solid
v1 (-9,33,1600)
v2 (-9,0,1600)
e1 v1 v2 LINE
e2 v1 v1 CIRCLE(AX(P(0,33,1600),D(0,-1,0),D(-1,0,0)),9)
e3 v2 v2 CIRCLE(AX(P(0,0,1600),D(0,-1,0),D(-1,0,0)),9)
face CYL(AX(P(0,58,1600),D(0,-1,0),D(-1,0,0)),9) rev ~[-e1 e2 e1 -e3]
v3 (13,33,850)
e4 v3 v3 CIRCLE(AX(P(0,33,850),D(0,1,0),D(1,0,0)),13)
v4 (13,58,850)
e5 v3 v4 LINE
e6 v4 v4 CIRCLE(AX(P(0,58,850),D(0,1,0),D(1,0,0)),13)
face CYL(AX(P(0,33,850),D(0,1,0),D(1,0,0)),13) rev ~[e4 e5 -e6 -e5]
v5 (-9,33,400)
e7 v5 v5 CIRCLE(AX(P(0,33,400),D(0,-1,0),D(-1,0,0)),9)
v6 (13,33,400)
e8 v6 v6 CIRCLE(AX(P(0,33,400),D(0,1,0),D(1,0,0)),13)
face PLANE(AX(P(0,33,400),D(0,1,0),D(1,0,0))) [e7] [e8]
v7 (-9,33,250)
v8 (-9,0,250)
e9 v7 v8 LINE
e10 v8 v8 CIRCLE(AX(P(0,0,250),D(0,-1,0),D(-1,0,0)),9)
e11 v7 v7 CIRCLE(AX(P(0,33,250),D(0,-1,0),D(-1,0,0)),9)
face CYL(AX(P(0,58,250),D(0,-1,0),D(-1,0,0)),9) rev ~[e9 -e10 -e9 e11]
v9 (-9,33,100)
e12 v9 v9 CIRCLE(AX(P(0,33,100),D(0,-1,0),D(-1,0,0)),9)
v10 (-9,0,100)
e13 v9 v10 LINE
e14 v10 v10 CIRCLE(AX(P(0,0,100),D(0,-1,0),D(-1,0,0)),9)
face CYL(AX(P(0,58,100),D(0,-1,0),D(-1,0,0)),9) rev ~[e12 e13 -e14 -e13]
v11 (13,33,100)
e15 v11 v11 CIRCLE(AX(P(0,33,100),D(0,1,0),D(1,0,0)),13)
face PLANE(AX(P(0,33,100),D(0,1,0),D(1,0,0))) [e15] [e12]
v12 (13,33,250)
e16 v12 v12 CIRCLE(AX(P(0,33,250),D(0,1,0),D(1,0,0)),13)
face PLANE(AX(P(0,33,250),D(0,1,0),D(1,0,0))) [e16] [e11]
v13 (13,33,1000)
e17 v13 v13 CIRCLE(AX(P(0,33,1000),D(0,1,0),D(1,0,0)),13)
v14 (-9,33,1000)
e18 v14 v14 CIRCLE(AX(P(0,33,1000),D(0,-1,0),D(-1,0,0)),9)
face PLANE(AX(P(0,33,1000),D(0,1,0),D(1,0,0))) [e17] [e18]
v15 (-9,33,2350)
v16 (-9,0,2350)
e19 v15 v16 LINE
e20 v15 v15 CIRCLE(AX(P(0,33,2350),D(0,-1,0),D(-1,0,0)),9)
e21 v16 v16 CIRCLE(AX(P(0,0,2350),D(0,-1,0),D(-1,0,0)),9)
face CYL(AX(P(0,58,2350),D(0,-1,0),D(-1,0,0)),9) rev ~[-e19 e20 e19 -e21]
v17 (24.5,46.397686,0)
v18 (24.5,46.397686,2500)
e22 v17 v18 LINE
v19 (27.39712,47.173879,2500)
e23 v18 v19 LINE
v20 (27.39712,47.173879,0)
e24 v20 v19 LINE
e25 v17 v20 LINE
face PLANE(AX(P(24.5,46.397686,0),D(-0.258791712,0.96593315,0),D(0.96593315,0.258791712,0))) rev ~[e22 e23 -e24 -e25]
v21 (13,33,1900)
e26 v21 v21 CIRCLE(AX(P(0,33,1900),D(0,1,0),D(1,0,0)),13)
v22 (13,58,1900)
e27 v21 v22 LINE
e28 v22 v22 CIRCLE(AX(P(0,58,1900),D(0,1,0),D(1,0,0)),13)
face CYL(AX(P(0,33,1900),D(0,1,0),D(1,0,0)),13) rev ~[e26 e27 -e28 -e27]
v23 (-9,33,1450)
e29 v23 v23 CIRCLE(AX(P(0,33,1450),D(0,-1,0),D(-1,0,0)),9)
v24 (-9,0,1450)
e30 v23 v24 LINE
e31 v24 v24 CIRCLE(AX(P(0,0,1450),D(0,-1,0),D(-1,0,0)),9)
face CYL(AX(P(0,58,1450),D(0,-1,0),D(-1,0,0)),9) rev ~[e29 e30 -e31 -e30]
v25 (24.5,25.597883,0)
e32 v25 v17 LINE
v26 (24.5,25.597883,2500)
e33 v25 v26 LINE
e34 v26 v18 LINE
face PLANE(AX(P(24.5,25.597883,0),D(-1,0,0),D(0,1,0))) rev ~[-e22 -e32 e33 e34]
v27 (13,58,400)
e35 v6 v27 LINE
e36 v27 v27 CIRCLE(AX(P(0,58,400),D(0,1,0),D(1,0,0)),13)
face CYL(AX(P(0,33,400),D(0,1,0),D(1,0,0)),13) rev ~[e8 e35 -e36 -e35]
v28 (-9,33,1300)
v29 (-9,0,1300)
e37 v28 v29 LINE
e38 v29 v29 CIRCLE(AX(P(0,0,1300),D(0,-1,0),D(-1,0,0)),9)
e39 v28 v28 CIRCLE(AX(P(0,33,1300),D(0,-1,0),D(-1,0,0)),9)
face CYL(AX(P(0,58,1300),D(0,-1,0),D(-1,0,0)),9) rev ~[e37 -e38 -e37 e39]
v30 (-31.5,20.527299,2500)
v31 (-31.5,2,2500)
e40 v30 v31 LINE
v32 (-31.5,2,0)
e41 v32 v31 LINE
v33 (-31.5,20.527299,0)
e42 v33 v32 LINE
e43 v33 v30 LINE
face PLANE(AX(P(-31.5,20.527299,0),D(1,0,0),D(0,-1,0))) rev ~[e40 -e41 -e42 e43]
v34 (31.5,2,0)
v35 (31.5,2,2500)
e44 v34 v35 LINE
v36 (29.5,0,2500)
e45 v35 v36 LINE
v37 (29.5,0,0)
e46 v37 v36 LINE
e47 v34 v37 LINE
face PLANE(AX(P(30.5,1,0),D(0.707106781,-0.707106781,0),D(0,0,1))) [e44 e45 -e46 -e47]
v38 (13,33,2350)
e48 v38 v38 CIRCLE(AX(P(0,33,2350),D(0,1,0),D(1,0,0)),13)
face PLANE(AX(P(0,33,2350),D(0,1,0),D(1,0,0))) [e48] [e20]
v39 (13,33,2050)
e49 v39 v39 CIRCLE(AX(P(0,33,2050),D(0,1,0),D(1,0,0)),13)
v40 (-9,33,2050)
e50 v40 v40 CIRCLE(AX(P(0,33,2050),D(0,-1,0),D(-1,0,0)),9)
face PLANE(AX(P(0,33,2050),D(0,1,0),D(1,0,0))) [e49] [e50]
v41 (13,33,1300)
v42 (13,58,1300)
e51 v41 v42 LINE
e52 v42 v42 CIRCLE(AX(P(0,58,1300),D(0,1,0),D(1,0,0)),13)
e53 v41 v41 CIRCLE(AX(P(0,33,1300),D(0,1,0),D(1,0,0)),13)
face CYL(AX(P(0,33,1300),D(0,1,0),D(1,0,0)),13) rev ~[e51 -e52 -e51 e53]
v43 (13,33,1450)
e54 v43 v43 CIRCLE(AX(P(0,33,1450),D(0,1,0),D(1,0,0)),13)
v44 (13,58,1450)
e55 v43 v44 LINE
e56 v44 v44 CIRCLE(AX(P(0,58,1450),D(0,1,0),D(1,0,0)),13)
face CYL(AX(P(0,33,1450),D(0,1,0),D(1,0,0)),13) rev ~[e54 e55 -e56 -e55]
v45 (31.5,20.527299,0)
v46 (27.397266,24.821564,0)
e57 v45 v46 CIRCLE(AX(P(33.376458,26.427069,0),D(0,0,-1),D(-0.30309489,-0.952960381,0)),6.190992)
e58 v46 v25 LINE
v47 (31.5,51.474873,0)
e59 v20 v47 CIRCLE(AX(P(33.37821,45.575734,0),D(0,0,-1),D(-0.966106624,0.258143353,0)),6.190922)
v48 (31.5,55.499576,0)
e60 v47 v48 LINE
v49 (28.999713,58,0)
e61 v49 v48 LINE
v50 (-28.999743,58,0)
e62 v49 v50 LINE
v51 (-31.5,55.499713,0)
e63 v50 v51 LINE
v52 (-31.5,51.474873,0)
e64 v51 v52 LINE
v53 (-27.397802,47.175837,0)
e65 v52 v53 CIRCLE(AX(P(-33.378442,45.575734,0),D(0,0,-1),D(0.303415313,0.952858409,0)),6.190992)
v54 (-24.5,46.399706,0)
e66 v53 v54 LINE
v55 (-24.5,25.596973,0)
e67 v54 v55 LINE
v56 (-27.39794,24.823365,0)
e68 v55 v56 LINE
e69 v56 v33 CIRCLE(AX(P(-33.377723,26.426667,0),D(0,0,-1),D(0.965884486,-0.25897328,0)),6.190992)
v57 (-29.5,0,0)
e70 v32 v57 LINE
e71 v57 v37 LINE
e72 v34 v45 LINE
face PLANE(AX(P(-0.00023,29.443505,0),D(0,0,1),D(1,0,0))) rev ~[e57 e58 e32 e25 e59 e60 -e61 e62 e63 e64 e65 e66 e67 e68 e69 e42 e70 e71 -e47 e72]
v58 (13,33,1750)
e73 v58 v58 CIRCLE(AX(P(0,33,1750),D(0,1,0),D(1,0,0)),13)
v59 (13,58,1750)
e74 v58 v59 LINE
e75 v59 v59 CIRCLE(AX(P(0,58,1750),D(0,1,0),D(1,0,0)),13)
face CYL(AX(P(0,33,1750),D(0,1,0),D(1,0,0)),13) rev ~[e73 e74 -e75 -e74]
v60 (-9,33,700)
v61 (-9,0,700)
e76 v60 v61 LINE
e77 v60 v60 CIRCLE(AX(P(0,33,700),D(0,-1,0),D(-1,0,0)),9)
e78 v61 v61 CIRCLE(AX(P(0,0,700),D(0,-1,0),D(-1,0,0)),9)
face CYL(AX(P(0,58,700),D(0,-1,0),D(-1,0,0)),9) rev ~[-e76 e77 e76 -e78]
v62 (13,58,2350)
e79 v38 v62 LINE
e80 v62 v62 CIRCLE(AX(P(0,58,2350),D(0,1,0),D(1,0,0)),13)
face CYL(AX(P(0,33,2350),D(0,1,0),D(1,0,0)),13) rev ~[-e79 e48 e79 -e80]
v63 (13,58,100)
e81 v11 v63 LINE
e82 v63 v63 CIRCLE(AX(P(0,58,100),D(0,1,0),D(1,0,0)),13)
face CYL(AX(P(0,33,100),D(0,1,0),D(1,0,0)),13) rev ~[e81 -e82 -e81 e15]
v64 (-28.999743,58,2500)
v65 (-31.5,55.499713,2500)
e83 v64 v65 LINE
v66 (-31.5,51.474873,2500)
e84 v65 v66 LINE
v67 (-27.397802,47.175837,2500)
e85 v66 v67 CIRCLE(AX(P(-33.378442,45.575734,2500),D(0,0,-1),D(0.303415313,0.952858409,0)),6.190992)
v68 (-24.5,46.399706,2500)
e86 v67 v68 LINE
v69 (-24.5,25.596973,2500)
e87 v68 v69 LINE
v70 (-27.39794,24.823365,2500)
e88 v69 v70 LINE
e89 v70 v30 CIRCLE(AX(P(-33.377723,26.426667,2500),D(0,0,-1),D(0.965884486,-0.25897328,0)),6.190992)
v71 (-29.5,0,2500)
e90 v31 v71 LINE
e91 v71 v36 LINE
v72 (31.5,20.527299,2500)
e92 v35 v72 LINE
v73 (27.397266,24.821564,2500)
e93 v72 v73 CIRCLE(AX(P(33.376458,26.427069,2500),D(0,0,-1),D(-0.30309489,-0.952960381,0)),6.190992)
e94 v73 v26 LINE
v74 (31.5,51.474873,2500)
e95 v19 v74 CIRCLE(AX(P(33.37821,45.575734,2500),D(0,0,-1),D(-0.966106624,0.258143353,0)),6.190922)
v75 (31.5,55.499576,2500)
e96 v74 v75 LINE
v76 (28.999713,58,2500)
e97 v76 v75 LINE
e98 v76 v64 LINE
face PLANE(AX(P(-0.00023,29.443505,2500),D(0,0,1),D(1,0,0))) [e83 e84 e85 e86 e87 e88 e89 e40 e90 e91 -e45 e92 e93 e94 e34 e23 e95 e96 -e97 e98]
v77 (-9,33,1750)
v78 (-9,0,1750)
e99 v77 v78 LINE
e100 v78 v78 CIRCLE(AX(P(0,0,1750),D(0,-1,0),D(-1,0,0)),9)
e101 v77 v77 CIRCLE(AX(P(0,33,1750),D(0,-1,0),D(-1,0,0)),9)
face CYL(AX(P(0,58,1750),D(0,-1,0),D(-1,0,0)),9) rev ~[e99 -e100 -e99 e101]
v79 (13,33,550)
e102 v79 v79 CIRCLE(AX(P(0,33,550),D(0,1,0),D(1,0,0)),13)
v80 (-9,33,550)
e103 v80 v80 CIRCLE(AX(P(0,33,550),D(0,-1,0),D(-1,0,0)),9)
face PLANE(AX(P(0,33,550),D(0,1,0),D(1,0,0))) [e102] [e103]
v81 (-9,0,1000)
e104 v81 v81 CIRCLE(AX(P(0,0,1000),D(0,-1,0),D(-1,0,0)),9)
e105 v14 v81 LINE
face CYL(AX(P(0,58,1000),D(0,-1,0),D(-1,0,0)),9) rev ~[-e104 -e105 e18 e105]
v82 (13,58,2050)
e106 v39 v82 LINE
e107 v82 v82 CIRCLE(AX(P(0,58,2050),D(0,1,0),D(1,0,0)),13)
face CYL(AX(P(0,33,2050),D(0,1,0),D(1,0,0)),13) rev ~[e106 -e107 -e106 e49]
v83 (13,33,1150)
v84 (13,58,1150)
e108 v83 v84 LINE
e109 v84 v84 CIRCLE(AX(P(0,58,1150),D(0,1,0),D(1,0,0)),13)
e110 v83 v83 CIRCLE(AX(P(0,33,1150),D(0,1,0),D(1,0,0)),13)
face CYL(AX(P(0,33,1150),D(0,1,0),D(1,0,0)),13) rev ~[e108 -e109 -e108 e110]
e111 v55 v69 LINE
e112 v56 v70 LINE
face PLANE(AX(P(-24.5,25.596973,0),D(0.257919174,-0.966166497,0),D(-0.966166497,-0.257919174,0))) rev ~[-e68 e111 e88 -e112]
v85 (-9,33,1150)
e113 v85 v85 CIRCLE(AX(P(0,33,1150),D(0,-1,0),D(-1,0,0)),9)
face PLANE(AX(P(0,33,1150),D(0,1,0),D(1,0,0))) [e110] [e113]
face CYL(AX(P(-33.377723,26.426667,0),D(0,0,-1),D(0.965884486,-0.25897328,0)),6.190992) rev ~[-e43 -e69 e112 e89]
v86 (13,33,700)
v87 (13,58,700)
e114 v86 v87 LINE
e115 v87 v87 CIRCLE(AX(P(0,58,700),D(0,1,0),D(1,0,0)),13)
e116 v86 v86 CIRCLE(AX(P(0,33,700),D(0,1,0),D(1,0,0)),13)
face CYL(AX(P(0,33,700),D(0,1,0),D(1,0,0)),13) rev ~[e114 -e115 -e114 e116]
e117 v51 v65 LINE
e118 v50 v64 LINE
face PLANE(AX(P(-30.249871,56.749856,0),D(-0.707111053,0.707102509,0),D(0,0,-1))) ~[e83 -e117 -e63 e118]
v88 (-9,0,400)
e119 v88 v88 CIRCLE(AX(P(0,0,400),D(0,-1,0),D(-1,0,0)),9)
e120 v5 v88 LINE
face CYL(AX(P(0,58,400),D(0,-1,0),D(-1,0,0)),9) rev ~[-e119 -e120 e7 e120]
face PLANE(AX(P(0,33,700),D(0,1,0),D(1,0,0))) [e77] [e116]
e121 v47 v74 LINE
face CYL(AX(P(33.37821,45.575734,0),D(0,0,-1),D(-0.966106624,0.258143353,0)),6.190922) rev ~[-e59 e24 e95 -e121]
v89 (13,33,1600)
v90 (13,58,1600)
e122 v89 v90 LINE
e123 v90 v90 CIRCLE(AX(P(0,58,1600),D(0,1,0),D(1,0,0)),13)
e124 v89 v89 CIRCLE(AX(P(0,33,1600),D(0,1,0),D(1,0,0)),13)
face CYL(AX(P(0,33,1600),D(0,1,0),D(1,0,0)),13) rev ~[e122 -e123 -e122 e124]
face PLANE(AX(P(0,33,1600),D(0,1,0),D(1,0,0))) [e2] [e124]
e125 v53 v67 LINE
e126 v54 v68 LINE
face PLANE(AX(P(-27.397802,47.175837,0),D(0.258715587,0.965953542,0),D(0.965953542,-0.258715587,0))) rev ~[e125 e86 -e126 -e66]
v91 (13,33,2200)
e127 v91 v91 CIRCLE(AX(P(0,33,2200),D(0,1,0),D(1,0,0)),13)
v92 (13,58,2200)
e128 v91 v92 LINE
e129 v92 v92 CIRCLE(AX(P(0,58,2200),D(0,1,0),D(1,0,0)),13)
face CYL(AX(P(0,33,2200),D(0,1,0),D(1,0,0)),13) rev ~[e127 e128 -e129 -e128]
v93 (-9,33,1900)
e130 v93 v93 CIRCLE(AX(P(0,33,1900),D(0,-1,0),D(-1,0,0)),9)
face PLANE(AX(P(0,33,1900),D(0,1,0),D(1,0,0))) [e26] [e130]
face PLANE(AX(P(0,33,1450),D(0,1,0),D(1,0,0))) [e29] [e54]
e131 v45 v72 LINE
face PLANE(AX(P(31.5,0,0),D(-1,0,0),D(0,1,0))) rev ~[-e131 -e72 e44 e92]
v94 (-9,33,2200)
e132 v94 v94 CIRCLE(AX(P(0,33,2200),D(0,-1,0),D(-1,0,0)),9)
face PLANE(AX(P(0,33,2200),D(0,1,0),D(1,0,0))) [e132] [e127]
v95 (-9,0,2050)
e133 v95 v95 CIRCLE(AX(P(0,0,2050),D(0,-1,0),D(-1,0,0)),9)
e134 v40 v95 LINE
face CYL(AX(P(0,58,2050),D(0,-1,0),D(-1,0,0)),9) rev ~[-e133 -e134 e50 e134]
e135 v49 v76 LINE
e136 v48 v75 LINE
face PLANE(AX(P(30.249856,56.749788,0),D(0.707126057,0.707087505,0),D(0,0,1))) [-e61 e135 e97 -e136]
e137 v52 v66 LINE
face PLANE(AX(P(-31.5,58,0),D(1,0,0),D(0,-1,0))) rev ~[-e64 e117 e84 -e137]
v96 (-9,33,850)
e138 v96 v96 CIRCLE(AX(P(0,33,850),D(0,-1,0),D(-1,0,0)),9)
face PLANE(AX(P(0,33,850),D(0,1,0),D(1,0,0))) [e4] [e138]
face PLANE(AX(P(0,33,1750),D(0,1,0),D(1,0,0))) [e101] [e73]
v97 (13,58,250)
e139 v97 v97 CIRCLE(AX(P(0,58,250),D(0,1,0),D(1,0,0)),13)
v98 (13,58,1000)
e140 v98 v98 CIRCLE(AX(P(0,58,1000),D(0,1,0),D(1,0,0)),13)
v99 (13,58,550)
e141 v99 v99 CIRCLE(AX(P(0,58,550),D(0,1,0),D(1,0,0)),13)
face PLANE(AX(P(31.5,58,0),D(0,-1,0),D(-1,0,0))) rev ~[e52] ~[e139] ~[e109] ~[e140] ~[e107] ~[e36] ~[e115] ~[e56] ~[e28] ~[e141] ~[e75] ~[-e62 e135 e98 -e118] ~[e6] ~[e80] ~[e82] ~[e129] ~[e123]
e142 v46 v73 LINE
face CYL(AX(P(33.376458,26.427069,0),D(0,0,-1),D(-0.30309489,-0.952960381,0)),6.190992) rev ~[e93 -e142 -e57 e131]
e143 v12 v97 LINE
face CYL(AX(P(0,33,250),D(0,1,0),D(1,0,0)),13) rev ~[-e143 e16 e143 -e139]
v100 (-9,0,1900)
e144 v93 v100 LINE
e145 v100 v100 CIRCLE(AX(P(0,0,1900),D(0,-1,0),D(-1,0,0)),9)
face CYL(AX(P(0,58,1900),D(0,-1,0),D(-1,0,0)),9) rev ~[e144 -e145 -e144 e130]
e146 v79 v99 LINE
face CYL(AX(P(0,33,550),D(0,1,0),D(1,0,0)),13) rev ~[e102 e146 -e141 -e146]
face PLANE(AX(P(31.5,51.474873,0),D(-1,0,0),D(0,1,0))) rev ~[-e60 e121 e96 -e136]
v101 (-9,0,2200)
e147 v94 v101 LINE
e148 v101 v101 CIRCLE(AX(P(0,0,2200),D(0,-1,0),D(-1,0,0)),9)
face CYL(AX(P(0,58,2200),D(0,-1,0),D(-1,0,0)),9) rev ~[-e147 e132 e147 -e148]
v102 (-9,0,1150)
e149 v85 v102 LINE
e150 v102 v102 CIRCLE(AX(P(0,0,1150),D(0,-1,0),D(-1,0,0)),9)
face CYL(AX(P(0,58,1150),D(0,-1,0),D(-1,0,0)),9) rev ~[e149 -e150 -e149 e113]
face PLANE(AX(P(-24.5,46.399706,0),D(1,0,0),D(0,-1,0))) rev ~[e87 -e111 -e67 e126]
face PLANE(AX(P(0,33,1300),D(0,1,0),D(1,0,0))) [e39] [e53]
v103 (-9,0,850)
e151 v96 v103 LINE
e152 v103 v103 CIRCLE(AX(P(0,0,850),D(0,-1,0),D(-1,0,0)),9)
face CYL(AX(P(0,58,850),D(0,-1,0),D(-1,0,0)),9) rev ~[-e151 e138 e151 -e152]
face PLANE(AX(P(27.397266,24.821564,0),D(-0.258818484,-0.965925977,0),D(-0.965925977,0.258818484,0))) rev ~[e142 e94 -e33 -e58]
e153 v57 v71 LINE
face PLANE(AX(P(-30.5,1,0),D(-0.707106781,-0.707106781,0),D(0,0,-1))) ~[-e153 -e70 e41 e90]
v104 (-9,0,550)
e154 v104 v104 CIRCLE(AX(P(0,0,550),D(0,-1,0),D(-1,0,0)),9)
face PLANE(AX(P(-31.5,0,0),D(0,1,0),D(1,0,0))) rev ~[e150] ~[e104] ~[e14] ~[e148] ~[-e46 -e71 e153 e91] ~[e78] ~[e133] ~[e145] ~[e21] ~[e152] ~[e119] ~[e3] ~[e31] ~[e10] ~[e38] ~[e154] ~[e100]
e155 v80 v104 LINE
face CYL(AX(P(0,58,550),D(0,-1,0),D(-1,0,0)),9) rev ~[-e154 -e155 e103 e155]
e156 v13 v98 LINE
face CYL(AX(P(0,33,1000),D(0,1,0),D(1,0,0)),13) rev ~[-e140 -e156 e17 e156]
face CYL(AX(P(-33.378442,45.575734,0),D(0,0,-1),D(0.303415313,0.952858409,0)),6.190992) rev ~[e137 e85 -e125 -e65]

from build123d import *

# Parameters (mm, degrees)
RESSALTO_EXTRUS_O1_DEPTH                             = 2500
REBAIXO_PARA_PARAFUSO_DE_CABE_A_SEXTAVAD_D           = 18
REBAIXO_PARA_PARAFUSO_DE_CABE_A_SEXTAVAD_DEPTH       = 58
REBAIXO_PARA_PARAFUSO_DE_CABE_A_SEXTAVAD_CBORE_D     = 26
REBAIXO_PARA_PARAFUSO_DE_CABE_A_SEXTAVAD_CBORE_DEPTH = 25
CHANFRO1_SIZE2                                       = 2.500287455
CHANFRO1_SIZE                                        = 2.500257245
CHANFRO2_SIZE2                                       = 2.500423779
CHANFRO2_SIZE                                        = 2.500287455
CHANFRO3_SIZE                                        = 2


with BuildPart() as part:
    # Esboço1 → Ressalto-extrusão1 (new body)
    with BuildSketch(Plane.XY):
        with BuildLine():
            Line((-31.5, 20.527298986), (-31.5, 0))
            Line((-31.5, 0), (31.5, 0))
            Line((31.5, 0), (31.5, 20.527298986))
            ThreePointArc((31.5, 20.527298986), (28.900076881, 22.150342104), (27.397266061, 24.82156445))
            Line((27.397266061, 24.82156445), (24.5, 25.597882749))
            Line((24.5, 25.597882749), (24.5, 46.397686197))
            Line((24.5, 46.397686197), (27.397119712, 47.17387922))
            ThreePointArc((27.397119712, 47.17387922), (28.898613337, 49.848990738), (31.5, 51.474872705))
            Line((31.5, 51.474872705), (31.5, 58))
            Line((31.5, 58), (-31.5, 58))
            Line((-31.5, 58), (-31.5, 51.474872705))
            ThreePointArc((-31.5, 51.474872705), (-28.899411057, 49.849685923), (-27.397802135, 47.175837466))
            Line((-27.397802135, 47.175837466), (-24.5, 46.399706372))
            Line((-24.5, 46.399706372), (-24.5, 25.596973237))
            Line((-24.5, 25.596973237), (-27.397939574, 24.823365186))
            ThreePointArc((-27.397939574, 24.823365186), (-28.900095464, 22.151244343), (-31.5, 20.527298986))
        make_face()
    extrude(amount=RESSALTO_EXTRUS_O1_DEPTH)

    # Rebaixo para parafuso de cabeça sextavada de M161
    with Locations(Plane(origin=(0, 58, 0), x_dir=(1, 0, 0), z_dir=(0, 1, 0))):
        with Locations((0, -100), (0, -250), (0, -400), (0, -550), (0, -700), (0, -850), (0, -1000), (0, -1150), (0, -1300), (0, -1450), (0, -1600), (0, -1750), (0, -1900), (0, -2050), (0, -2200), (0, -2350)):
            CounterBoreHole(REBAIXO_PARA_PARAFUSO_DE_CABE_A_SEXTAVAD_D / 2, REBAIXO_PARA_PARAFUSO_DE_CABE_A_SEXTAVAD_CBORE_D / 2, REBAIXO_PARA_PARAFUSO_DE_CABE_A_SEXTAVAD_CBORE_DEPTH, depth=REBAIXO_PARA_PARAFUSO_DE_CABE_A_SEXTAVAD_DEPTH)

    # Chanfro1
    chanfro1_edges = [part.edges().sort_by_distance(p)[0] for p in [
        (-31.5, 58, 1250),
    ]]
    chamfer(chanfro1_edges, length=CHANFRO1_SIZE, length2=CHANFRO1_SIZE2)

    # Chanfro2
    chanfro2_edges = [part.edges().sort_by_distance(p)[0] for p in [
        (31.5, 58, 1250),
    ]]
    chamfer(chanfro2_edges, length=CHANFRO2_SIZE, length2=CHANFRO2_SIZE2)

    # Chanfro3
    chanfro3_edges = [part.edges().sort_by_distance(p)[0] for p in [
        (31.5, 0, 1250),
        (-31.5, 0, 1250),
    ]]
    chamfer(chanfro3_edges, length=CHANFRO3_SIZE)


solid = part.part
